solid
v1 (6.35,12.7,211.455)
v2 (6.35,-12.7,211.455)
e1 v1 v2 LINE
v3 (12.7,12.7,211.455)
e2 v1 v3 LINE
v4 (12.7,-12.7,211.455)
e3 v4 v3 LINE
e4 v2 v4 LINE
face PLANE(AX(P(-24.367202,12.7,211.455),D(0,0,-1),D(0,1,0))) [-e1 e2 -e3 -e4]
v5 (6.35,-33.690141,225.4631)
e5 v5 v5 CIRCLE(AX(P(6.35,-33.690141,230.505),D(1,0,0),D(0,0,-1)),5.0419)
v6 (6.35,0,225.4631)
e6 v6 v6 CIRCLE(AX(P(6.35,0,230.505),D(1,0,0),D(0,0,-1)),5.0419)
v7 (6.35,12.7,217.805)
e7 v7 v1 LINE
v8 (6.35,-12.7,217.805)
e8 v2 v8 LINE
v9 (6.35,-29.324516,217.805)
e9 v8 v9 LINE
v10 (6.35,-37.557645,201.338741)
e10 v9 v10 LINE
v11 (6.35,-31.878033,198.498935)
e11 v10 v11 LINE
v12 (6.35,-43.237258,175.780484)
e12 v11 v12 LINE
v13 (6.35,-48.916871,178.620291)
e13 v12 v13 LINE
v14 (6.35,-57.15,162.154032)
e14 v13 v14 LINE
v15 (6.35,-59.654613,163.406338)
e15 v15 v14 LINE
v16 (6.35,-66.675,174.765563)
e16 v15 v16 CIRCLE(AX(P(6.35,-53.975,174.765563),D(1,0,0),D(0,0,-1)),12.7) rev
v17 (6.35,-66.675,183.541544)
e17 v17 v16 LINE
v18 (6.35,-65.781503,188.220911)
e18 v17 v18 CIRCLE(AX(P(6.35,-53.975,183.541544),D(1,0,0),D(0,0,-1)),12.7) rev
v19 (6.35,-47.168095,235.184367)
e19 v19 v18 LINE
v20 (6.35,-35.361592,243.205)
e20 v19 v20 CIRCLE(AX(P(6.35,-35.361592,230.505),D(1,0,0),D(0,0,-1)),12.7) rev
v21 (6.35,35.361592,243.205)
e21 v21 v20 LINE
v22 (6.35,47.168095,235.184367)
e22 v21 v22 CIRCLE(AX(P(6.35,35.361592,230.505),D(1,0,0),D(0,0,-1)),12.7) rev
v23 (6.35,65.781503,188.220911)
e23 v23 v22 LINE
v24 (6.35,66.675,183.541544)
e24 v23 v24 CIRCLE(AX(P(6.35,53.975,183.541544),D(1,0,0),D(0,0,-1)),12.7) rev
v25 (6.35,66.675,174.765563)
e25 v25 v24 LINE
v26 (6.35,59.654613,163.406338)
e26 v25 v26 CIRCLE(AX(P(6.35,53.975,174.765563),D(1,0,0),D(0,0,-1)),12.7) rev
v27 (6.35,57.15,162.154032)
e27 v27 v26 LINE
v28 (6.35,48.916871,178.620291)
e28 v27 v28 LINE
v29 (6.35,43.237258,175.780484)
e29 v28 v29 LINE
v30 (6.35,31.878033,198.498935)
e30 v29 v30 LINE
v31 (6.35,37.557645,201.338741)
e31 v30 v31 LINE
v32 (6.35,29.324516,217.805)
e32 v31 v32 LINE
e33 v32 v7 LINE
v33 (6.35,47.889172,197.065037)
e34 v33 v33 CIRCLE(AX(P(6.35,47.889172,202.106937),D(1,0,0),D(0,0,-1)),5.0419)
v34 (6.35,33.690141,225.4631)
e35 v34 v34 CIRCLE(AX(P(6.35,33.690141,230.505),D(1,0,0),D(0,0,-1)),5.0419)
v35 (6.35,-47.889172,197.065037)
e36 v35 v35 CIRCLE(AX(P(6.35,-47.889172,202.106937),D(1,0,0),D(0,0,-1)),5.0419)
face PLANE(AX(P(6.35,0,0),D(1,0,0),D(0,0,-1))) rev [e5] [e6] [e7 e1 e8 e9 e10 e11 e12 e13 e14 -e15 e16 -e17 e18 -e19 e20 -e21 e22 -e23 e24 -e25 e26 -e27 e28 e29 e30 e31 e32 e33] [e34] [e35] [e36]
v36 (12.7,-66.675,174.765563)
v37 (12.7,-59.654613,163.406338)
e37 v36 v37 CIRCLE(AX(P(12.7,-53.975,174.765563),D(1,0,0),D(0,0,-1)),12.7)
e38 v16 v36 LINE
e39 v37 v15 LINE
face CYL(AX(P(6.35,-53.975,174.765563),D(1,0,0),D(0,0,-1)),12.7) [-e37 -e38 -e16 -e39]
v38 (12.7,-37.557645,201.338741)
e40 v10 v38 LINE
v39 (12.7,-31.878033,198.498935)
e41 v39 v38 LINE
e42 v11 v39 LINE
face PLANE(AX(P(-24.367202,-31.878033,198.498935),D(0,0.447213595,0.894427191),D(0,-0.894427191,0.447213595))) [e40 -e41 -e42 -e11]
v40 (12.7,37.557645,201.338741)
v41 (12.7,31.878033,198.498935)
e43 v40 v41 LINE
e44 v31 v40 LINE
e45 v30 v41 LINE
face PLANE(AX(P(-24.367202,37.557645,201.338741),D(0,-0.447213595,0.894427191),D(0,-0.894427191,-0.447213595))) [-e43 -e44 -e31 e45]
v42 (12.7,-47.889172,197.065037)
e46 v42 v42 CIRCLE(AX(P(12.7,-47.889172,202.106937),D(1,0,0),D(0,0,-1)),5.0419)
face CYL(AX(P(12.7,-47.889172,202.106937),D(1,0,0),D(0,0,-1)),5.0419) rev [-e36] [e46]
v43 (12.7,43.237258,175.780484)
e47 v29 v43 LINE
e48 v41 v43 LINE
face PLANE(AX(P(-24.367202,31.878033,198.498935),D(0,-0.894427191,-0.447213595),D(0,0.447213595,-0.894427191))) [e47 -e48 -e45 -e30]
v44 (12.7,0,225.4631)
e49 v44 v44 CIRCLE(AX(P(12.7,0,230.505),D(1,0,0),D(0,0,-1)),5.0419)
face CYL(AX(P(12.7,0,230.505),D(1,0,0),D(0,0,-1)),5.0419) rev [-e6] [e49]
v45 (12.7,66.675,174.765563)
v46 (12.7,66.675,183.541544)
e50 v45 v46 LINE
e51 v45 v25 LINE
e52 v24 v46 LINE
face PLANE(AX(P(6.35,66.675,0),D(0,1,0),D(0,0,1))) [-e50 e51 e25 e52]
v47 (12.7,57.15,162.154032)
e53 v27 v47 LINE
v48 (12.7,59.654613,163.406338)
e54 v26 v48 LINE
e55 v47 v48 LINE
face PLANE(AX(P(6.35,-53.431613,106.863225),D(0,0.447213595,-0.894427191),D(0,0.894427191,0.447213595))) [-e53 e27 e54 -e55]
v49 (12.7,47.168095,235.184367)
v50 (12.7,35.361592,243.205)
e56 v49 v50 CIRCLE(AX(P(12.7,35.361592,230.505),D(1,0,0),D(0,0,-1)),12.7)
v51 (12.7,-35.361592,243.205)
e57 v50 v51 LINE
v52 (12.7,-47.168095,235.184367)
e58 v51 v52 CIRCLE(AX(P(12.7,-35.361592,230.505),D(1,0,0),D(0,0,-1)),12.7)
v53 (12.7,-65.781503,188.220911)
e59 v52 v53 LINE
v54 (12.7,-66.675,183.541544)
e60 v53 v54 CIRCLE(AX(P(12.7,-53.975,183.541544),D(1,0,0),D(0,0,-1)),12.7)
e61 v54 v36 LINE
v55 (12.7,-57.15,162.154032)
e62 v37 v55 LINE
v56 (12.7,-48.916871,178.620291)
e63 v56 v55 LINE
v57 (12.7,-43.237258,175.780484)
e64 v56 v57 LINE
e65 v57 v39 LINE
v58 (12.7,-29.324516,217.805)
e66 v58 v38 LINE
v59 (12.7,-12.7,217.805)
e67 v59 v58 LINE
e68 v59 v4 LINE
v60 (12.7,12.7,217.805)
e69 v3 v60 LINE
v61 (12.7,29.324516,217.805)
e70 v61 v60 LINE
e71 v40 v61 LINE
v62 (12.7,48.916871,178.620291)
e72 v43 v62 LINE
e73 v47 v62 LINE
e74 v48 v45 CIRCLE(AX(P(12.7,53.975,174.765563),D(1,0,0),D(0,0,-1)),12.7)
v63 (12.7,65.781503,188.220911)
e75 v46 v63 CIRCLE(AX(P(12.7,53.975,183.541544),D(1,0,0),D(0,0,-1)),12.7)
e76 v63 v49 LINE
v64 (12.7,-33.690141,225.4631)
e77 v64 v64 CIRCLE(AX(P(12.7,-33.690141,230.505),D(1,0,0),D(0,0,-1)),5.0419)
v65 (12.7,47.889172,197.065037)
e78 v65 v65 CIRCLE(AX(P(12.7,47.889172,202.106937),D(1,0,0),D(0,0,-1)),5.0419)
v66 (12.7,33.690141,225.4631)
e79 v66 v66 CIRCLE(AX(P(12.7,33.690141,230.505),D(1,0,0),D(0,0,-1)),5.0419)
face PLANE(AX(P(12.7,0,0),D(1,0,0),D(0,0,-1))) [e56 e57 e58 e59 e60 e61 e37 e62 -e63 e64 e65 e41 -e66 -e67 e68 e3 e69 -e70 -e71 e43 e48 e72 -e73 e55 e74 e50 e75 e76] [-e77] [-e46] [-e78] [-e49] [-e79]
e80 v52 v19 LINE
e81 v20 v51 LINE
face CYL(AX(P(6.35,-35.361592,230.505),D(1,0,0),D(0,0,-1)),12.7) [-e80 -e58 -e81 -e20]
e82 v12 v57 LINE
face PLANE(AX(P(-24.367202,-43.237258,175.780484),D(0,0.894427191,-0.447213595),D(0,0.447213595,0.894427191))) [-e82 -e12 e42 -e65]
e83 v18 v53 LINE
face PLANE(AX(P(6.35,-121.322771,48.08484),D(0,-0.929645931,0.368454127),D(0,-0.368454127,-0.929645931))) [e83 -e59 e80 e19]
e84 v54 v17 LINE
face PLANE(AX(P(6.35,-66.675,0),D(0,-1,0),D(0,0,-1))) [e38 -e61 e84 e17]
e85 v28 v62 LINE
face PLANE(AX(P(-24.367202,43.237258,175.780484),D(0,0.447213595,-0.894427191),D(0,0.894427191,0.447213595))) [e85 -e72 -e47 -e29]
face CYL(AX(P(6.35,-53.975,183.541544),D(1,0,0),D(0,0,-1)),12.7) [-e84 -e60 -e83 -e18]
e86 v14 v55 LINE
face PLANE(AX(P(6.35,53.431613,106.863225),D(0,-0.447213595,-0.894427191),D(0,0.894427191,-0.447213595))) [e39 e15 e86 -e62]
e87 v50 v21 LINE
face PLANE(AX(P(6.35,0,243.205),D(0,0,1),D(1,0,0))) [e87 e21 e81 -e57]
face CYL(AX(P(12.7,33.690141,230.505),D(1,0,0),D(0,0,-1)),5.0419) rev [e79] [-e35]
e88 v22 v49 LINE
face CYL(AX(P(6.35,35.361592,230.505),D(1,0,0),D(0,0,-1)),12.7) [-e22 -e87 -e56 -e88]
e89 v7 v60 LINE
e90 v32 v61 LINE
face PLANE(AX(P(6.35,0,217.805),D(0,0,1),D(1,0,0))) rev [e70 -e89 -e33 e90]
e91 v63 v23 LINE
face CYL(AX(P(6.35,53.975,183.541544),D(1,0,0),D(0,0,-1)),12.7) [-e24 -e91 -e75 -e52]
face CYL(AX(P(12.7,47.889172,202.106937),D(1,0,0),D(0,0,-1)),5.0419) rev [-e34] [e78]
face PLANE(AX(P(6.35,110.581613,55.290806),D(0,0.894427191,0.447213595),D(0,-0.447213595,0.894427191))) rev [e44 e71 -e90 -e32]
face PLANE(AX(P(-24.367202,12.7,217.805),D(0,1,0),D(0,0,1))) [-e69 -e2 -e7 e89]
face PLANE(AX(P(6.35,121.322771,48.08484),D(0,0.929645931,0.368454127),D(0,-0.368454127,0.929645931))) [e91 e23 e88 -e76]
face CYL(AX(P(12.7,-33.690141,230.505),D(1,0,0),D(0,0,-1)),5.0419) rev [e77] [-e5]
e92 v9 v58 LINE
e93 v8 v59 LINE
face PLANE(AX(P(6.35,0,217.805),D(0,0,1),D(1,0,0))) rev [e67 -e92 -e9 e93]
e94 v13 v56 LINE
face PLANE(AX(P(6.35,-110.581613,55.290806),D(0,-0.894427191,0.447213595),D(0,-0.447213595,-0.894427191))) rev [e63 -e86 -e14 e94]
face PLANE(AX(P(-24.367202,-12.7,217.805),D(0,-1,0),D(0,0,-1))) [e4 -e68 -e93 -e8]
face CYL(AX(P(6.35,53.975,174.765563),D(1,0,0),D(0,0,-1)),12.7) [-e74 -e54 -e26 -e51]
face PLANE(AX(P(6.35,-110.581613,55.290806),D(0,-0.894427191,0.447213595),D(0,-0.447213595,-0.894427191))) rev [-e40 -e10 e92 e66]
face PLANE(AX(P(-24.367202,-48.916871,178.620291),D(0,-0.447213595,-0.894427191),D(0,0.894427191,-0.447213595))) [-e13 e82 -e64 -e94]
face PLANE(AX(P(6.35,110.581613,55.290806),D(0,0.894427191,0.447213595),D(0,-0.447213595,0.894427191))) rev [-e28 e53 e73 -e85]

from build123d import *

# Parameters (mm, degrees)
SKETCH1_R                   = 7.9375
SKETCH1_R_2                 = 11.1125
BOSS_EXTRUDE1_DEPTH         = 12.7
F_8_CLEARANCE_HOLE1_D       = 4.4958
SKETCH5_R                   = 18.415
CUT_EXTRUDE1_DEPTH          = 13.7
SKETCH7_R                   = 9.525
CUT_EXTRUDE2_DEPTH          = 13.7
CUT_EXTRUDE3_DEPTH          = 13.7
BOSS_EXTRUDE2_DEPTH         = 12.7
CUT_EXTRUDE4_DEPTH          = 13.7
SKETCH11_W                  = 12.7
SKETCH11_H                  = 178.054
CUT_EXTRUDE5_DEPTH          = 3.175
BOSS_EXTRUDE3_DEPTH         = 6.35
CUT_EXTRUDE6_DEPTH          = 13.7
F_3_8_CLEARANCE_HOLE1_D     = 10.0838
F_3_8_CLEARANCE_HOLE1_DEPTH = 12.7
F_3_8_CLEARANCE_HOLE1_TIP   = 3.029479155
FILLET1_R                   = 12.7
SKETCH16_W                  = 6.35
SKETCH16_H                  = 25.4
BOSS_EXTRUDE4_DEPTH         = 6.35


with BuildPart() as part:
    # Sketch1 → Boss-Extrude1 (new body)
    with BuildSketch(Plane(origin=(0, 0, 0), x_dir=(0, 0, -1), z_dir=(1, 0, 0))):
        with BuildLine():
            Line((93.345, 0), (55.245, 50.8))
            Line((55.245, 50.8), (-160.655, 50.8))
            ThreePointArc((-160.655, 50.8), (-211.455, 0), (-160.655, -50.8))
            Line((-160.655, -50.8), (55.245, -50.8))
            Line((55.245, -50.8), (93.345, 0))
        make_face()
        with Locations((-88.9, 0)):
            Circle(SKETCH1_R, mode=Mode.SUBTRACT)
        with Locations((-38.1, 0)):
            Circle(SKETCH1_R, mode=Mode.SUBTRACT)
        with Locations((-160.655, 0)):
            Circle(SKETCH1_R_2, mode=Mode.SUBTRACT)
        Circle(SKETCH1_R, mode=Mode.SUBTRACT)
    extrude(amount=BOSS_EXTRUDE1_DEPTH)

    # #8 Clearance Hole1 (through all)
    with Locations(Plane.ZY):
        with Locations((-17.691104559, 17.691104559), (17.691104559, 17.691104559), (17.691104559, -17.691104559), (-17.691104559, -17.691104559)):
            Hole(F_8_CLEARANCE_HOLE1_D / 2)

    # Sketch5 → Cut-Extrude1 (cut, through all)
    with BuildSketch(Plane.ZY):
        Circle(SKETCH5_R)
    extrude(amount=-CUT_EXTRUDE1_DEPTH, mode=Mode.SUBTRACT)

    # Sketch7 → Cut-Extrude2 (cut, through all)
    with BuildSketch(Plane.ZY):
        with Locations((-55.245, 0)):
            Circle(SKETCH7_R)
    extrude(amount=-CUT_EXTRUDE2_DEPTH, mode=Mode.SUBTRACT)

    # Sketch8 → Cut-Extrude3 (cut, through all)
    with BuildSketch(Plane(origin=(12.7, 0, 0), x_dir=(0, 0, -1), z_dir=(1, 0, 0))):
        Polygon((-160.655, 50.8), (-211.455, 25.4), (-211.455, -25.4), (-160.655, -50.8), (-233.239745749, -50.8), (-233.239745749, 50.8), align=None)
    extrude(amount=-CUT_EXTRUDE3_DEPTH, mode=Mode.SUBTRACT)

    # Sketch9 → Boss-Extrude2 (add)
    with BuildSketch(Plane(origin=(12.7, 0, 0), x_dir=(0, 0, -1), z_dir=(1, 0, 0))):
        Polygon((-160.655, 50.8), (-211.455, 25.4), (-211.455, 0), (-211.455, -25.4), (-160.655, -50.8), (-160.655, -40.64), (-202.749323348, 0), (-160.655, 40.64), align=None)
    extrude(amount=-BOSS_EXTRUDE2_DEPTH)

    # Sketch10 → Cut-Extrude4 (cut, through all)
    with BuildSketch(Plane.ZY):
        Polygon((-79.0575, -19.05), (-79.0575, 19.05), (-93.345, 0), align=None)
    extrude(amount=-CUT_EXTRUDE4_DEPTH, mode=Mode.SUBTRACT)

    # Sketch11 → Cut-Extrude5 (cut)
    with BuildSketch(Plane(origin=(0, 50.8, 0), x_dir=(1, 0, 0), z_dir=(0, 1, 0))):
        with Locations((6.35, -52.705)):
            Rectangle(SKETCH11_W, SKETCH11_H)
    cut_extrude5 = extrude(amount=-CUT_EXTRUDE5_DEPTH, mode=Mode.SUBTRACT)

    # Mirror1: Cut-Extrude5 across plane
    add(cut_extrude5.mirror(Plane.ZX), mode=Mode.SUBTRACT)

    # Sketch13 → Cut-Extrude6 (cut, through all)
    with BuildSketch(Plane(origin=(12.7, 0, 0), x_dir=(0, 0, -1), z_dir=(1, 0, 0))):
        Polygon((-161.254612663, -53.34), (-139.192, -53.34), (-139.192, -50.165), (33.782, -50.165), (33.782, -53.34), (56.515, -53.34), (81.5975, -19.896666667), (81.5975, 19.896666667), (56.515, 53.34), (33.782, 53.34), (33.782, 50.165), (-139.192, 50.165), (-139.192, 53.34), (-161.254612663, 53.34), (-213.995, 26.969806331), (-213.995, -26.969806331), align=None)
    extrude(amount=-CUT_EXTRUDE6_DEPTH, mode=Mode.SUBTRACT)


with BuildPart() as body_2:
    # Sketch12 → Boss-Extrude3 (new body)
    with BuildSketch(Plane(origin=(12.7, 0, 0), x_dir=(0, 0, -1), z_dir=(1, 0, 0))):
        with BuildLine():
            ThreePointArc((-211.89681554, -56.397839854), (-236.855, 0), (-211.89681554, 56.397839854))
            Line((-211.89681554, 56.397839854), (-243.205, 43.989212666))
            Line((-243.205, 43.989212666), (-243.205, -43.989212666))
            Line((-243.205, -43.989212666), (-211.89681554, -56.397839854))
        make_face()
        with BuildLine():
            Line((-217.805, 29.324515829), (-162.154031657, 57.15))
            Line((-162.154031657, 57.15), (-166.916531657, 66.675))
            Line((-166.916531657, 66.675), (-185.966531657, 66.675))
            Line((-185.966531657, 66.675), (-211.89681554, 56.397839854))
            ThreePointArc((-211.89681554, 56.397839854), (-236.855, 0), (-211.89681554, -56.397839854))
            Line((-211.89681554, -56.397839854), (-185.966531657, -66.675))
            Line((-185.966531657, -66.675), (-166.916531657, -66.675))
            Line((-166.916531657, -66.675), (-162.154031657, -57.15))
            Line((-162.154031657, -57.15), (-217.805, -29.324515829))
            Line((-217.805, -29.324515829), (-217.805, 29.324515829))
        make_face()
    extrude(amount=-BOSS_EXTRUDE3_DEPTH)

    # 3/8 Clearance Hole1
    with Locations(Plane(origin=(12.7, 0, 0), x_dir=(0, 0, -1), z_dir=(1, 0, 0))):
        with Locations((-230.505, 0), (-230.505, 33.690140829), (-202.106936686, 47.889172486), (-230.505, -33.690140829), (-202.106936686, -47.889172486)):
            Hole(F_3_8_CLEARANCE_HOLE1_D / 2, depth=F_3_8_CLEARANCE_HOLE1_DEPTH)
            with Locations((0, 0, -(F_3_8_CLEARANCE_HOLE1_DEPTH + F_3_8_CLEARANCE_HOLE1_TIP / 2))):  # 118° drill point
                Cone(0, F_3_8_CLEARANCE_HOLE1_D / 2, F_3_8_CLEARANCE_HOLE1_TIP, mode=Mode.SUBTRACT)

    # Fillet1
    fillet1_edges = [body_2.edges().sort_by_distance(p)[0] for p in [
        (9.525, -43.989212666, 243.205),
        (9.525, 43.989212666, 243.205),
        (9.525, 66.675, 185.966531657),
        (9.525, 66.675, 166.916531657),
        (9.525, -66.675, 166.916531657),
        (9.525, -66.675, 185.966531657),
    ]]
    fillet(fillet1_edges, radius=FILLET1_R)

    # Sketch16 → Boss-Extrude4 (add)
    with BuildSketch(Plane(origin=(12.7, 0, 0), x_dir=(0, 0, -1), z_dir=(1, 0, 0))):
        with Locations((-214.63, 0)):
            Rectangle(SKETCH16_W, SKETCH16_H)
        Polygon((-178.620290503, -48.916870577), (-175.780484171, -43.237257914), (-198.498934823, -31.878032589), (-201.338741154, -37.557645251), align=None)
        Polygon((-201.338741154, 37.557645251), (-198.498934823, 31.878032589), (-175.780484171, 43.237257914), (-178.620290503, 48.916870577), align=None)
    extrude(amount=-BOSS_EXTRUDE4_DEPTH)


solid = body_2.part
